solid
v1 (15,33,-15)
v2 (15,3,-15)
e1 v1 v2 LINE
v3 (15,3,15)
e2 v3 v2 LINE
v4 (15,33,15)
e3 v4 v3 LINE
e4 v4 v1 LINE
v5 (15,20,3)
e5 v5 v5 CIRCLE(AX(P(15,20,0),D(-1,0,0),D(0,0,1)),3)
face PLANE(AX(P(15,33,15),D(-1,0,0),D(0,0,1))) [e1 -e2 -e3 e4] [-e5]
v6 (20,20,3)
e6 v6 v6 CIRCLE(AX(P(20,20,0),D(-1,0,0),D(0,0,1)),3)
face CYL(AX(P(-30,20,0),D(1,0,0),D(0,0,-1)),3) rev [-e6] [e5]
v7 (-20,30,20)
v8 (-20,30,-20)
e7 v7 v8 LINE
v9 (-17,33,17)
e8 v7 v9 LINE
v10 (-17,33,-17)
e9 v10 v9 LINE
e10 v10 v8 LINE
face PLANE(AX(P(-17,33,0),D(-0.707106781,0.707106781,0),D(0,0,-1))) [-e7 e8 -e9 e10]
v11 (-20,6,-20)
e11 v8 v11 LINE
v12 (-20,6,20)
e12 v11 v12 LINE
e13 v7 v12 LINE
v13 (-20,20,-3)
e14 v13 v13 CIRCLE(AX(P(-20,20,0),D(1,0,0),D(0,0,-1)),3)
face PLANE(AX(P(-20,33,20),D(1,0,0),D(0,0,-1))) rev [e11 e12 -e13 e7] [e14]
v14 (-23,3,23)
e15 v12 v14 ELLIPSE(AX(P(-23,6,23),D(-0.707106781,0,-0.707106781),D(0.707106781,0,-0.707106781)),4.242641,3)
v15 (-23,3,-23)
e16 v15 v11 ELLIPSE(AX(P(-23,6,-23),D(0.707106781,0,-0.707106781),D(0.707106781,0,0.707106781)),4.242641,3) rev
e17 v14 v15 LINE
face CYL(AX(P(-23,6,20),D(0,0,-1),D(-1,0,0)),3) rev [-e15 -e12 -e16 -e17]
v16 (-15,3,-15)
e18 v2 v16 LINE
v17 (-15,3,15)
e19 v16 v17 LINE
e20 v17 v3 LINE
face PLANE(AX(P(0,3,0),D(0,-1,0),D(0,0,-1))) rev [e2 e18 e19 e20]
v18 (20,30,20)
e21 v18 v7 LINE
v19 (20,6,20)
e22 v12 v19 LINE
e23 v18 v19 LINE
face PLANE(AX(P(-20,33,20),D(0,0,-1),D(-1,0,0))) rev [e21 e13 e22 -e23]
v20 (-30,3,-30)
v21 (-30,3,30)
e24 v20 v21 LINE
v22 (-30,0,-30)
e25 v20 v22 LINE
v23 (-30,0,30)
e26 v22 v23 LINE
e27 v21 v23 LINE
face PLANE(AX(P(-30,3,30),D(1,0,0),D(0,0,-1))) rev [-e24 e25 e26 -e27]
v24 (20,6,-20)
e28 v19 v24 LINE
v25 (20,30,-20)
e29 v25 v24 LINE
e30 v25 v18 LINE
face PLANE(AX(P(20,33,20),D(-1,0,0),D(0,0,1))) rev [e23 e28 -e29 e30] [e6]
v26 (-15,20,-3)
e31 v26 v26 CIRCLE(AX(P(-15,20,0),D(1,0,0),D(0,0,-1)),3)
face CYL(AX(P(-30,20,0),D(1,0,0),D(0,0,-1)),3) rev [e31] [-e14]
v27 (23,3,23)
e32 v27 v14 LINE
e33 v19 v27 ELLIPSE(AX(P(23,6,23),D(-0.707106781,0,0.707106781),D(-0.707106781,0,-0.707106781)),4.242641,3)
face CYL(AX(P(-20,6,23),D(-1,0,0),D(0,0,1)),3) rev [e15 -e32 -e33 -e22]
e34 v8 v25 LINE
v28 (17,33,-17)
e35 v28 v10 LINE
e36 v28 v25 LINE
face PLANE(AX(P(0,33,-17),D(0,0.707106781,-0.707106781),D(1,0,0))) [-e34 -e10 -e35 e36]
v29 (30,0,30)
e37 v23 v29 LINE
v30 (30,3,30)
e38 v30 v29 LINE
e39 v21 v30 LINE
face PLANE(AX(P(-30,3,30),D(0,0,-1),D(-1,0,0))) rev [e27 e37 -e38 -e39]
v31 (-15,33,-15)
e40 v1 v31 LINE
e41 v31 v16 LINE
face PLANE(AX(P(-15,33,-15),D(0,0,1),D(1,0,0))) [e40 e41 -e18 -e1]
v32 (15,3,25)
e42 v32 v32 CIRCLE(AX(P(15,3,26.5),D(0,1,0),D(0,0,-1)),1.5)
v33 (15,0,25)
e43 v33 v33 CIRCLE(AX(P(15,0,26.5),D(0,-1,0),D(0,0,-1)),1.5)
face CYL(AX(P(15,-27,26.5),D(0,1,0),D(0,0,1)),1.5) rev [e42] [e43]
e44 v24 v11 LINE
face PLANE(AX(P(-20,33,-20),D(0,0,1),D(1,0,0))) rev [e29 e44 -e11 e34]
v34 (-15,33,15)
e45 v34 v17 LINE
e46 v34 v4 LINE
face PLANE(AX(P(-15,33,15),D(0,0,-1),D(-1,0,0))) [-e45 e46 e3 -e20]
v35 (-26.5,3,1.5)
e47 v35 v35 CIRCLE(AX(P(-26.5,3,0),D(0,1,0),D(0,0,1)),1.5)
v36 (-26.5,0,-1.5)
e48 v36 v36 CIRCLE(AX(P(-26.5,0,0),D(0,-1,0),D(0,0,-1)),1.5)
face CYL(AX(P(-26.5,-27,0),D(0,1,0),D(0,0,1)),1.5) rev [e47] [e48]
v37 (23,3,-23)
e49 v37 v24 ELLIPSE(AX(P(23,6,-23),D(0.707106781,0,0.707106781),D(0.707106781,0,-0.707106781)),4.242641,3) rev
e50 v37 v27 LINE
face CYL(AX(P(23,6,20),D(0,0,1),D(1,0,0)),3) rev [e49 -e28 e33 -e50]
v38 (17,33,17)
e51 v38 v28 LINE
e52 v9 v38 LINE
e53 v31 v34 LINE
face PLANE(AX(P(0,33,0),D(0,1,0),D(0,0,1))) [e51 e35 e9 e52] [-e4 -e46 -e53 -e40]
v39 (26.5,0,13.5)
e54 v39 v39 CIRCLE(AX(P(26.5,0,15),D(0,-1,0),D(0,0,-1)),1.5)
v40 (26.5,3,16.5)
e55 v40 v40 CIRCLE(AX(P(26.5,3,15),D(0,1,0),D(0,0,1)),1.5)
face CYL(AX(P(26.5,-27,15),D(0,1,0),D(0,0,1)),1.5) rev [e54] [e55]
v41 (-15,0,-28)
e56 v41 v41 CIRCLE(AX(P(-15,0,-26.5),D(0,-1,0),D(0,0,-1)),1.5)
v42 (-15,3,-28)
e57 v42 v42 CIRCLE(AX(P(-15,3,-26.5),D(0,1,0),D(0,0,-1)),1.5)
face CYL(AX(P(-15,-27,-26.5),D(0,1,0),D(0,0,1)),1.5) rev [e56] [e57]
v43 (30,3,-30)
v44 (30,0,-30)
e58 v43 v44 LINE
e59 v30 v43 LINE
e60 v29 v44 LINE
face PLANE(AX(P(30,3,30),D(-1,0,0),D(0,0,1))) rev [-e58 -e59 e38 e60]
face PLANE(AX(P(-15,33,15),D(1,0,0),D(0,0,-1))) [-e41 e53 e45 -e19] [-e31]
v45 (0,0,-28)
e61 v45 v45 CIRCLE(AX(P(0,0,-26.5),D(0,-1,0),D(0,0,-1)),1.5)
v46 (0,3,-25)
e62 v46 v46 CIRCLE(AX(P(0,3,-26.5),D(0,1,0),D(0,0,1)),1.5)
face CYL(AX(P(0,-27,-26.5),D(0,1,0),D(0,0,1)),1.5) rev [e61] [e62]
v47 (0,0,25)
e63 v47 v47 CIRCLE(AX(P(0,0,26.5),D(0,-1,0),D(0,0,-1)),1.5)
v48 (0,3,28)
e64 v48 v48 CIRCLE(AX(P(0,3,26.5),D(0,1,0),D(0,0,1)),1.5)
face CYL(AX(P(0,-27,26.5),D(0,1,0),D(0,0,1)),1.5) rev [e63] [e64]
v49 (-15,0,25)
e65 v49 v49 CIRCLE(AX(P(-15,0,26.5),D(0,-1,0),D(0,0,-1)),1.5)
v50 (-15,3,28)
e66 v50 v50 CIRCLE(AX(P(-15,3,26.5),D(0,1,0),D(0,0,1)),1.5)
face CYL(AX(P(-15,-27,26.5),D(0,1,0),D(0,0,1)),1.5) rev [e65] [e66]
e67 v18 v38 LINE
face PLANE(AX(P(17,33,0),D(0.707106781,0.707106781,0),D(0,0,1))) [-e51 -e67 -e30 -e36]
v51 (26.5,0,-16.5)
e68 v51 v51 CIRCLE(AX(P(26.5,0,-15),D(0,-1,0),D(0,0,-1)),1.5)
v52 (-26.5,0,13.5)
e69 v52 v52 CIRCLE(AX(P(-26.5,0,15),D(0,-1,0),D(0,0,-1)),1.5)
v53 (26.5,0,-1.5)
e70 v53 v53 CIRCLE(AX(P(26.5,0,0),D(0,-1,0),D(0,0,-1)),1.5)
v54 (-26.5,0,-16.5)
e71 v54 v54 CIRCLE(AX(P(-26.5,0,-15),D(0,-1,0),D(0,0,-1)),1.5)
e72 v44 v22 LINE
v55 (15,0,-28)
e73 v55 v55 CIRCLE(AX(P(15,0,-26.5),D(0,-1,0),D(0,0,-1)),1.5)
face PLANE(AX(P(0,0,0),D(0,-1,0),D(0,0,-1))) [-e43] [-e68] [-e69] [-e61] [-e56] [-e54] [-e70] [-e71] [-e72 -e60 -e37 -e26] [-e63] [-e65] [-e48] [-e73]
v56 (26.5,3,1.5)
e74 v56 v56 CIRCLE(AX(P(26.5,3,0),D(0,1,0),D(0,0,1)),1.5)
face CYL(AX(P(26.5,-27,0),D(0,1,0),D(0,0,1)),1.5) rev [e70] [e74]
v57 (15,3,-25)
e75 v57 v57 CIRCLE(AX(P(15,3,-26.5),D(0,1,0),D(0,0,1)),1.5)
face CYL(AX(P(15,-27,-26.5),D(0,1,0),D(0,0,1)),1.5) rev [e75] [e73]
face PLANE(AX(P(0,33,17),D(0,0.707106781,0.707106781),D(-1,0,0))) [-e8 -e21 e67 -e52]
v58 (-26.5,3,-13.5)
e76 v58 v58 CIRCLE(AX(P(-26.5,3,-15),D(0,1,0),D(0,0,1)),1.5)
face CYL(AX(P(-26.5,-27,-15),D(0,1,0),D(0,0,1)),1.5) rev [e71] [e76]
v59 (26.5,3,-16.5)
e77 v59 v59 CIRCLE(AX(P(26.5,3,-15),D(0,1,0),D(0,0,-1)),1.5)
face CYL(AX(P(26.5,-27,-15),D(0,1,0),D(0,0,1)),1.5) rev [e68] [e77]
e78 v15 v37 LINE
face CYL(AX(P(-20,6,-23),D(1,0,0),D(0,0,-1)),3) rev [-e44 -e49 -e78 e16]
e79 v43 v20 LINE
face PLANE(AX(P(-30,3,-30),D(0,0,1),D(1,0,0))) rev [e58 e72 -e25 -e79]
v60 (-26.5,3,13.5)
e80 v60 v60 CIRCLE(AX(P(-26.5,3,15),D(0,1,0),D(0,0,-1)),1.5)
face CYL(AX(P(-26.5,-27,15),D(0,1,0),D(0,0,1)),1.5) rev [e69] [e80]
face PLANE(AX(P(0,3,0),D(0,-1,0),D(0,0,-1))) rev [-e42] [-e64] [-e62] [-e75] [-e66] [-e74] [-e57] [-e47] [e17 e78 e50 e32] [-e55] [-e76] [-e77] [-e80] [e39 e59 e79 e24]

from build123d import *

# Parameters (mm, degrees)
CROQUIS1_W                 = 60
CROQUIS1_H                 = 60
SALIENTE_EXTRUIR1_DEPTH    = 3
CROQUIS2_W                 = 40
CROQUIS2_H                 = 40
CROQUIS2_W_2               = 30
CROQUIS2_H_2               = 30
SALIENTE_EXTRUIR2_DEPTH    = 30
CHAFL_N1_SIZE              = 3
REDONDEO1_R                = 3
CROQUIS3_R                 = 1.5
CORTAR_EXTRUIR1_DEPTH      = 30
CORTAR_EXTRUIR2_DEPTH      = 54.749418602
CORTAR_EXTRUIR2_DEPTH_BACK = 54.749418602
CROQUIS4_R                 = 3


with BuildPart() as part:
    # Croquis1 → Saliente-Extruir1 (new body)
    with BuildSketch(Plane(origin=(0, 0, 0), x_dir=(1, 0, 0), z_dir=(0, 1, 0))):
        Rectangle(CROQUIS1_W, CROQUIS1_H)
    extrude(amount=SALIENTE_EXTRUIR1_DEPTH)

    # Croquis2 → Saliente-Extruir2 (add)
    with BuildSketch(Plane(origin=(0, 3, 0), x_dir=(1, 0, 0), z_dir=(0, 1, 0))):
        Rectangle(CROQUIS2_W, CROQUIS2_H)
        Rectangle(CROQUIS2_W_2, CROQUIS2_H_2, mode=Mode.SUBTRACT)
    extrude(amount=SALIENTE_EXTRUIR2_DEPTH)

    # Chaflán1
    chafl_n1_edges = [part.edges().sort_by_distance(p)[0] for p in [
        (0, 33, 20),
        (20, 33, 0),
        (0, 33, -20),
        (-20, 33, 0),
    ]]
    chamfer(chafl_n1_edges, length=CHAFL_N1_SIZE)

    # Redondeo1
    redondeo1_edges = [part.edges().sort_by_distance(p)[0] for p in [
        (0, 3, 20),
        (20, 3, 0),
        (0, 3, -20),
        (-20, 3, 0),
    ]]
    fillet(redondeo1_edges, radius=REDONDEO1_R)

    # Croquis3 → Cortar-Extruir1 (cut)
    with BuildSketch(Plane(origin=(0, 3, 0), x_dir=(1, 0, 0), z_dir=(0, 1, 0))):
        with Locations(Location((0, 26.5, 0), (0, 0, 270))):
            Circle(CROQUIS3_R)
        with Locations(Location((15, 26.5, 0), (0, 0, 270))):
            Circle(CROQUIS3_R)
        with Locations(Location((-15, 26.5, 0), (0, 0, 90))):
            Circle(CROQUIS3_R)
        with Locations(Location((26.5, 15, 0), (0, 0, 90))):
            Circle(CROQUIS3_R)
        with Locations(Location((26.5, 0, 0), (0, 0, 270))):
            Circle(CROQUIS3_R)
        with Locations(Location((26.5, -15, 0), (0, 0, 270))):
            Circle(CROQUIS3_R)
        with Locations(Location((15, -26.5, 0), (0, 0, 90))):
            Circle(CROQUIS3_R)
        with Locations(Location((0, -26.5, 0), (0, 0, 270))):
            Circle(CROQUIS3_R)
        with Locations(Location((-15, -26.5, 0), (0, 0, 270))):
            Circle(CROQUIS3_R)
        with Locations(Location((-26.5, -15, 0), (0, 0, 90))):
            Circle(CROQUIS3_R)
        with Locations(Location((-26.5, 0, 0), (0, 0, 270))):
            Circle(CROQUIS3_R)
        with Locations(Location((-26.5, 15, 0), (0, 0, 270))):
            Circle(CROQUIS3_R)
    extrude(amount=-CORTAR_EXTRUIR1_DEPTH, mode=Mode.SUBTRACT)

    # Croquis4 → Cortar-Extruir2 (cut, two sides: drawn at the far end of the back side and taken through both)
    with BuildSketch(Plane(origin=(0, 0, 0), x_dir=(0, 0, -1), z_dir=(1, 0, 0)).offset(-CORTAR_EXTRUIR2_DEPTH_BACK)):
        with Locations((0, 20)):
            Circle(CROQUIS4_R)
    extrude(amount=CORTAR_EXTRUIR2_DEPTH + CORTAR_EXTRUIR2_DEPTH_BACK, mode=Mode.SUBTRACT)


solid = part.part
